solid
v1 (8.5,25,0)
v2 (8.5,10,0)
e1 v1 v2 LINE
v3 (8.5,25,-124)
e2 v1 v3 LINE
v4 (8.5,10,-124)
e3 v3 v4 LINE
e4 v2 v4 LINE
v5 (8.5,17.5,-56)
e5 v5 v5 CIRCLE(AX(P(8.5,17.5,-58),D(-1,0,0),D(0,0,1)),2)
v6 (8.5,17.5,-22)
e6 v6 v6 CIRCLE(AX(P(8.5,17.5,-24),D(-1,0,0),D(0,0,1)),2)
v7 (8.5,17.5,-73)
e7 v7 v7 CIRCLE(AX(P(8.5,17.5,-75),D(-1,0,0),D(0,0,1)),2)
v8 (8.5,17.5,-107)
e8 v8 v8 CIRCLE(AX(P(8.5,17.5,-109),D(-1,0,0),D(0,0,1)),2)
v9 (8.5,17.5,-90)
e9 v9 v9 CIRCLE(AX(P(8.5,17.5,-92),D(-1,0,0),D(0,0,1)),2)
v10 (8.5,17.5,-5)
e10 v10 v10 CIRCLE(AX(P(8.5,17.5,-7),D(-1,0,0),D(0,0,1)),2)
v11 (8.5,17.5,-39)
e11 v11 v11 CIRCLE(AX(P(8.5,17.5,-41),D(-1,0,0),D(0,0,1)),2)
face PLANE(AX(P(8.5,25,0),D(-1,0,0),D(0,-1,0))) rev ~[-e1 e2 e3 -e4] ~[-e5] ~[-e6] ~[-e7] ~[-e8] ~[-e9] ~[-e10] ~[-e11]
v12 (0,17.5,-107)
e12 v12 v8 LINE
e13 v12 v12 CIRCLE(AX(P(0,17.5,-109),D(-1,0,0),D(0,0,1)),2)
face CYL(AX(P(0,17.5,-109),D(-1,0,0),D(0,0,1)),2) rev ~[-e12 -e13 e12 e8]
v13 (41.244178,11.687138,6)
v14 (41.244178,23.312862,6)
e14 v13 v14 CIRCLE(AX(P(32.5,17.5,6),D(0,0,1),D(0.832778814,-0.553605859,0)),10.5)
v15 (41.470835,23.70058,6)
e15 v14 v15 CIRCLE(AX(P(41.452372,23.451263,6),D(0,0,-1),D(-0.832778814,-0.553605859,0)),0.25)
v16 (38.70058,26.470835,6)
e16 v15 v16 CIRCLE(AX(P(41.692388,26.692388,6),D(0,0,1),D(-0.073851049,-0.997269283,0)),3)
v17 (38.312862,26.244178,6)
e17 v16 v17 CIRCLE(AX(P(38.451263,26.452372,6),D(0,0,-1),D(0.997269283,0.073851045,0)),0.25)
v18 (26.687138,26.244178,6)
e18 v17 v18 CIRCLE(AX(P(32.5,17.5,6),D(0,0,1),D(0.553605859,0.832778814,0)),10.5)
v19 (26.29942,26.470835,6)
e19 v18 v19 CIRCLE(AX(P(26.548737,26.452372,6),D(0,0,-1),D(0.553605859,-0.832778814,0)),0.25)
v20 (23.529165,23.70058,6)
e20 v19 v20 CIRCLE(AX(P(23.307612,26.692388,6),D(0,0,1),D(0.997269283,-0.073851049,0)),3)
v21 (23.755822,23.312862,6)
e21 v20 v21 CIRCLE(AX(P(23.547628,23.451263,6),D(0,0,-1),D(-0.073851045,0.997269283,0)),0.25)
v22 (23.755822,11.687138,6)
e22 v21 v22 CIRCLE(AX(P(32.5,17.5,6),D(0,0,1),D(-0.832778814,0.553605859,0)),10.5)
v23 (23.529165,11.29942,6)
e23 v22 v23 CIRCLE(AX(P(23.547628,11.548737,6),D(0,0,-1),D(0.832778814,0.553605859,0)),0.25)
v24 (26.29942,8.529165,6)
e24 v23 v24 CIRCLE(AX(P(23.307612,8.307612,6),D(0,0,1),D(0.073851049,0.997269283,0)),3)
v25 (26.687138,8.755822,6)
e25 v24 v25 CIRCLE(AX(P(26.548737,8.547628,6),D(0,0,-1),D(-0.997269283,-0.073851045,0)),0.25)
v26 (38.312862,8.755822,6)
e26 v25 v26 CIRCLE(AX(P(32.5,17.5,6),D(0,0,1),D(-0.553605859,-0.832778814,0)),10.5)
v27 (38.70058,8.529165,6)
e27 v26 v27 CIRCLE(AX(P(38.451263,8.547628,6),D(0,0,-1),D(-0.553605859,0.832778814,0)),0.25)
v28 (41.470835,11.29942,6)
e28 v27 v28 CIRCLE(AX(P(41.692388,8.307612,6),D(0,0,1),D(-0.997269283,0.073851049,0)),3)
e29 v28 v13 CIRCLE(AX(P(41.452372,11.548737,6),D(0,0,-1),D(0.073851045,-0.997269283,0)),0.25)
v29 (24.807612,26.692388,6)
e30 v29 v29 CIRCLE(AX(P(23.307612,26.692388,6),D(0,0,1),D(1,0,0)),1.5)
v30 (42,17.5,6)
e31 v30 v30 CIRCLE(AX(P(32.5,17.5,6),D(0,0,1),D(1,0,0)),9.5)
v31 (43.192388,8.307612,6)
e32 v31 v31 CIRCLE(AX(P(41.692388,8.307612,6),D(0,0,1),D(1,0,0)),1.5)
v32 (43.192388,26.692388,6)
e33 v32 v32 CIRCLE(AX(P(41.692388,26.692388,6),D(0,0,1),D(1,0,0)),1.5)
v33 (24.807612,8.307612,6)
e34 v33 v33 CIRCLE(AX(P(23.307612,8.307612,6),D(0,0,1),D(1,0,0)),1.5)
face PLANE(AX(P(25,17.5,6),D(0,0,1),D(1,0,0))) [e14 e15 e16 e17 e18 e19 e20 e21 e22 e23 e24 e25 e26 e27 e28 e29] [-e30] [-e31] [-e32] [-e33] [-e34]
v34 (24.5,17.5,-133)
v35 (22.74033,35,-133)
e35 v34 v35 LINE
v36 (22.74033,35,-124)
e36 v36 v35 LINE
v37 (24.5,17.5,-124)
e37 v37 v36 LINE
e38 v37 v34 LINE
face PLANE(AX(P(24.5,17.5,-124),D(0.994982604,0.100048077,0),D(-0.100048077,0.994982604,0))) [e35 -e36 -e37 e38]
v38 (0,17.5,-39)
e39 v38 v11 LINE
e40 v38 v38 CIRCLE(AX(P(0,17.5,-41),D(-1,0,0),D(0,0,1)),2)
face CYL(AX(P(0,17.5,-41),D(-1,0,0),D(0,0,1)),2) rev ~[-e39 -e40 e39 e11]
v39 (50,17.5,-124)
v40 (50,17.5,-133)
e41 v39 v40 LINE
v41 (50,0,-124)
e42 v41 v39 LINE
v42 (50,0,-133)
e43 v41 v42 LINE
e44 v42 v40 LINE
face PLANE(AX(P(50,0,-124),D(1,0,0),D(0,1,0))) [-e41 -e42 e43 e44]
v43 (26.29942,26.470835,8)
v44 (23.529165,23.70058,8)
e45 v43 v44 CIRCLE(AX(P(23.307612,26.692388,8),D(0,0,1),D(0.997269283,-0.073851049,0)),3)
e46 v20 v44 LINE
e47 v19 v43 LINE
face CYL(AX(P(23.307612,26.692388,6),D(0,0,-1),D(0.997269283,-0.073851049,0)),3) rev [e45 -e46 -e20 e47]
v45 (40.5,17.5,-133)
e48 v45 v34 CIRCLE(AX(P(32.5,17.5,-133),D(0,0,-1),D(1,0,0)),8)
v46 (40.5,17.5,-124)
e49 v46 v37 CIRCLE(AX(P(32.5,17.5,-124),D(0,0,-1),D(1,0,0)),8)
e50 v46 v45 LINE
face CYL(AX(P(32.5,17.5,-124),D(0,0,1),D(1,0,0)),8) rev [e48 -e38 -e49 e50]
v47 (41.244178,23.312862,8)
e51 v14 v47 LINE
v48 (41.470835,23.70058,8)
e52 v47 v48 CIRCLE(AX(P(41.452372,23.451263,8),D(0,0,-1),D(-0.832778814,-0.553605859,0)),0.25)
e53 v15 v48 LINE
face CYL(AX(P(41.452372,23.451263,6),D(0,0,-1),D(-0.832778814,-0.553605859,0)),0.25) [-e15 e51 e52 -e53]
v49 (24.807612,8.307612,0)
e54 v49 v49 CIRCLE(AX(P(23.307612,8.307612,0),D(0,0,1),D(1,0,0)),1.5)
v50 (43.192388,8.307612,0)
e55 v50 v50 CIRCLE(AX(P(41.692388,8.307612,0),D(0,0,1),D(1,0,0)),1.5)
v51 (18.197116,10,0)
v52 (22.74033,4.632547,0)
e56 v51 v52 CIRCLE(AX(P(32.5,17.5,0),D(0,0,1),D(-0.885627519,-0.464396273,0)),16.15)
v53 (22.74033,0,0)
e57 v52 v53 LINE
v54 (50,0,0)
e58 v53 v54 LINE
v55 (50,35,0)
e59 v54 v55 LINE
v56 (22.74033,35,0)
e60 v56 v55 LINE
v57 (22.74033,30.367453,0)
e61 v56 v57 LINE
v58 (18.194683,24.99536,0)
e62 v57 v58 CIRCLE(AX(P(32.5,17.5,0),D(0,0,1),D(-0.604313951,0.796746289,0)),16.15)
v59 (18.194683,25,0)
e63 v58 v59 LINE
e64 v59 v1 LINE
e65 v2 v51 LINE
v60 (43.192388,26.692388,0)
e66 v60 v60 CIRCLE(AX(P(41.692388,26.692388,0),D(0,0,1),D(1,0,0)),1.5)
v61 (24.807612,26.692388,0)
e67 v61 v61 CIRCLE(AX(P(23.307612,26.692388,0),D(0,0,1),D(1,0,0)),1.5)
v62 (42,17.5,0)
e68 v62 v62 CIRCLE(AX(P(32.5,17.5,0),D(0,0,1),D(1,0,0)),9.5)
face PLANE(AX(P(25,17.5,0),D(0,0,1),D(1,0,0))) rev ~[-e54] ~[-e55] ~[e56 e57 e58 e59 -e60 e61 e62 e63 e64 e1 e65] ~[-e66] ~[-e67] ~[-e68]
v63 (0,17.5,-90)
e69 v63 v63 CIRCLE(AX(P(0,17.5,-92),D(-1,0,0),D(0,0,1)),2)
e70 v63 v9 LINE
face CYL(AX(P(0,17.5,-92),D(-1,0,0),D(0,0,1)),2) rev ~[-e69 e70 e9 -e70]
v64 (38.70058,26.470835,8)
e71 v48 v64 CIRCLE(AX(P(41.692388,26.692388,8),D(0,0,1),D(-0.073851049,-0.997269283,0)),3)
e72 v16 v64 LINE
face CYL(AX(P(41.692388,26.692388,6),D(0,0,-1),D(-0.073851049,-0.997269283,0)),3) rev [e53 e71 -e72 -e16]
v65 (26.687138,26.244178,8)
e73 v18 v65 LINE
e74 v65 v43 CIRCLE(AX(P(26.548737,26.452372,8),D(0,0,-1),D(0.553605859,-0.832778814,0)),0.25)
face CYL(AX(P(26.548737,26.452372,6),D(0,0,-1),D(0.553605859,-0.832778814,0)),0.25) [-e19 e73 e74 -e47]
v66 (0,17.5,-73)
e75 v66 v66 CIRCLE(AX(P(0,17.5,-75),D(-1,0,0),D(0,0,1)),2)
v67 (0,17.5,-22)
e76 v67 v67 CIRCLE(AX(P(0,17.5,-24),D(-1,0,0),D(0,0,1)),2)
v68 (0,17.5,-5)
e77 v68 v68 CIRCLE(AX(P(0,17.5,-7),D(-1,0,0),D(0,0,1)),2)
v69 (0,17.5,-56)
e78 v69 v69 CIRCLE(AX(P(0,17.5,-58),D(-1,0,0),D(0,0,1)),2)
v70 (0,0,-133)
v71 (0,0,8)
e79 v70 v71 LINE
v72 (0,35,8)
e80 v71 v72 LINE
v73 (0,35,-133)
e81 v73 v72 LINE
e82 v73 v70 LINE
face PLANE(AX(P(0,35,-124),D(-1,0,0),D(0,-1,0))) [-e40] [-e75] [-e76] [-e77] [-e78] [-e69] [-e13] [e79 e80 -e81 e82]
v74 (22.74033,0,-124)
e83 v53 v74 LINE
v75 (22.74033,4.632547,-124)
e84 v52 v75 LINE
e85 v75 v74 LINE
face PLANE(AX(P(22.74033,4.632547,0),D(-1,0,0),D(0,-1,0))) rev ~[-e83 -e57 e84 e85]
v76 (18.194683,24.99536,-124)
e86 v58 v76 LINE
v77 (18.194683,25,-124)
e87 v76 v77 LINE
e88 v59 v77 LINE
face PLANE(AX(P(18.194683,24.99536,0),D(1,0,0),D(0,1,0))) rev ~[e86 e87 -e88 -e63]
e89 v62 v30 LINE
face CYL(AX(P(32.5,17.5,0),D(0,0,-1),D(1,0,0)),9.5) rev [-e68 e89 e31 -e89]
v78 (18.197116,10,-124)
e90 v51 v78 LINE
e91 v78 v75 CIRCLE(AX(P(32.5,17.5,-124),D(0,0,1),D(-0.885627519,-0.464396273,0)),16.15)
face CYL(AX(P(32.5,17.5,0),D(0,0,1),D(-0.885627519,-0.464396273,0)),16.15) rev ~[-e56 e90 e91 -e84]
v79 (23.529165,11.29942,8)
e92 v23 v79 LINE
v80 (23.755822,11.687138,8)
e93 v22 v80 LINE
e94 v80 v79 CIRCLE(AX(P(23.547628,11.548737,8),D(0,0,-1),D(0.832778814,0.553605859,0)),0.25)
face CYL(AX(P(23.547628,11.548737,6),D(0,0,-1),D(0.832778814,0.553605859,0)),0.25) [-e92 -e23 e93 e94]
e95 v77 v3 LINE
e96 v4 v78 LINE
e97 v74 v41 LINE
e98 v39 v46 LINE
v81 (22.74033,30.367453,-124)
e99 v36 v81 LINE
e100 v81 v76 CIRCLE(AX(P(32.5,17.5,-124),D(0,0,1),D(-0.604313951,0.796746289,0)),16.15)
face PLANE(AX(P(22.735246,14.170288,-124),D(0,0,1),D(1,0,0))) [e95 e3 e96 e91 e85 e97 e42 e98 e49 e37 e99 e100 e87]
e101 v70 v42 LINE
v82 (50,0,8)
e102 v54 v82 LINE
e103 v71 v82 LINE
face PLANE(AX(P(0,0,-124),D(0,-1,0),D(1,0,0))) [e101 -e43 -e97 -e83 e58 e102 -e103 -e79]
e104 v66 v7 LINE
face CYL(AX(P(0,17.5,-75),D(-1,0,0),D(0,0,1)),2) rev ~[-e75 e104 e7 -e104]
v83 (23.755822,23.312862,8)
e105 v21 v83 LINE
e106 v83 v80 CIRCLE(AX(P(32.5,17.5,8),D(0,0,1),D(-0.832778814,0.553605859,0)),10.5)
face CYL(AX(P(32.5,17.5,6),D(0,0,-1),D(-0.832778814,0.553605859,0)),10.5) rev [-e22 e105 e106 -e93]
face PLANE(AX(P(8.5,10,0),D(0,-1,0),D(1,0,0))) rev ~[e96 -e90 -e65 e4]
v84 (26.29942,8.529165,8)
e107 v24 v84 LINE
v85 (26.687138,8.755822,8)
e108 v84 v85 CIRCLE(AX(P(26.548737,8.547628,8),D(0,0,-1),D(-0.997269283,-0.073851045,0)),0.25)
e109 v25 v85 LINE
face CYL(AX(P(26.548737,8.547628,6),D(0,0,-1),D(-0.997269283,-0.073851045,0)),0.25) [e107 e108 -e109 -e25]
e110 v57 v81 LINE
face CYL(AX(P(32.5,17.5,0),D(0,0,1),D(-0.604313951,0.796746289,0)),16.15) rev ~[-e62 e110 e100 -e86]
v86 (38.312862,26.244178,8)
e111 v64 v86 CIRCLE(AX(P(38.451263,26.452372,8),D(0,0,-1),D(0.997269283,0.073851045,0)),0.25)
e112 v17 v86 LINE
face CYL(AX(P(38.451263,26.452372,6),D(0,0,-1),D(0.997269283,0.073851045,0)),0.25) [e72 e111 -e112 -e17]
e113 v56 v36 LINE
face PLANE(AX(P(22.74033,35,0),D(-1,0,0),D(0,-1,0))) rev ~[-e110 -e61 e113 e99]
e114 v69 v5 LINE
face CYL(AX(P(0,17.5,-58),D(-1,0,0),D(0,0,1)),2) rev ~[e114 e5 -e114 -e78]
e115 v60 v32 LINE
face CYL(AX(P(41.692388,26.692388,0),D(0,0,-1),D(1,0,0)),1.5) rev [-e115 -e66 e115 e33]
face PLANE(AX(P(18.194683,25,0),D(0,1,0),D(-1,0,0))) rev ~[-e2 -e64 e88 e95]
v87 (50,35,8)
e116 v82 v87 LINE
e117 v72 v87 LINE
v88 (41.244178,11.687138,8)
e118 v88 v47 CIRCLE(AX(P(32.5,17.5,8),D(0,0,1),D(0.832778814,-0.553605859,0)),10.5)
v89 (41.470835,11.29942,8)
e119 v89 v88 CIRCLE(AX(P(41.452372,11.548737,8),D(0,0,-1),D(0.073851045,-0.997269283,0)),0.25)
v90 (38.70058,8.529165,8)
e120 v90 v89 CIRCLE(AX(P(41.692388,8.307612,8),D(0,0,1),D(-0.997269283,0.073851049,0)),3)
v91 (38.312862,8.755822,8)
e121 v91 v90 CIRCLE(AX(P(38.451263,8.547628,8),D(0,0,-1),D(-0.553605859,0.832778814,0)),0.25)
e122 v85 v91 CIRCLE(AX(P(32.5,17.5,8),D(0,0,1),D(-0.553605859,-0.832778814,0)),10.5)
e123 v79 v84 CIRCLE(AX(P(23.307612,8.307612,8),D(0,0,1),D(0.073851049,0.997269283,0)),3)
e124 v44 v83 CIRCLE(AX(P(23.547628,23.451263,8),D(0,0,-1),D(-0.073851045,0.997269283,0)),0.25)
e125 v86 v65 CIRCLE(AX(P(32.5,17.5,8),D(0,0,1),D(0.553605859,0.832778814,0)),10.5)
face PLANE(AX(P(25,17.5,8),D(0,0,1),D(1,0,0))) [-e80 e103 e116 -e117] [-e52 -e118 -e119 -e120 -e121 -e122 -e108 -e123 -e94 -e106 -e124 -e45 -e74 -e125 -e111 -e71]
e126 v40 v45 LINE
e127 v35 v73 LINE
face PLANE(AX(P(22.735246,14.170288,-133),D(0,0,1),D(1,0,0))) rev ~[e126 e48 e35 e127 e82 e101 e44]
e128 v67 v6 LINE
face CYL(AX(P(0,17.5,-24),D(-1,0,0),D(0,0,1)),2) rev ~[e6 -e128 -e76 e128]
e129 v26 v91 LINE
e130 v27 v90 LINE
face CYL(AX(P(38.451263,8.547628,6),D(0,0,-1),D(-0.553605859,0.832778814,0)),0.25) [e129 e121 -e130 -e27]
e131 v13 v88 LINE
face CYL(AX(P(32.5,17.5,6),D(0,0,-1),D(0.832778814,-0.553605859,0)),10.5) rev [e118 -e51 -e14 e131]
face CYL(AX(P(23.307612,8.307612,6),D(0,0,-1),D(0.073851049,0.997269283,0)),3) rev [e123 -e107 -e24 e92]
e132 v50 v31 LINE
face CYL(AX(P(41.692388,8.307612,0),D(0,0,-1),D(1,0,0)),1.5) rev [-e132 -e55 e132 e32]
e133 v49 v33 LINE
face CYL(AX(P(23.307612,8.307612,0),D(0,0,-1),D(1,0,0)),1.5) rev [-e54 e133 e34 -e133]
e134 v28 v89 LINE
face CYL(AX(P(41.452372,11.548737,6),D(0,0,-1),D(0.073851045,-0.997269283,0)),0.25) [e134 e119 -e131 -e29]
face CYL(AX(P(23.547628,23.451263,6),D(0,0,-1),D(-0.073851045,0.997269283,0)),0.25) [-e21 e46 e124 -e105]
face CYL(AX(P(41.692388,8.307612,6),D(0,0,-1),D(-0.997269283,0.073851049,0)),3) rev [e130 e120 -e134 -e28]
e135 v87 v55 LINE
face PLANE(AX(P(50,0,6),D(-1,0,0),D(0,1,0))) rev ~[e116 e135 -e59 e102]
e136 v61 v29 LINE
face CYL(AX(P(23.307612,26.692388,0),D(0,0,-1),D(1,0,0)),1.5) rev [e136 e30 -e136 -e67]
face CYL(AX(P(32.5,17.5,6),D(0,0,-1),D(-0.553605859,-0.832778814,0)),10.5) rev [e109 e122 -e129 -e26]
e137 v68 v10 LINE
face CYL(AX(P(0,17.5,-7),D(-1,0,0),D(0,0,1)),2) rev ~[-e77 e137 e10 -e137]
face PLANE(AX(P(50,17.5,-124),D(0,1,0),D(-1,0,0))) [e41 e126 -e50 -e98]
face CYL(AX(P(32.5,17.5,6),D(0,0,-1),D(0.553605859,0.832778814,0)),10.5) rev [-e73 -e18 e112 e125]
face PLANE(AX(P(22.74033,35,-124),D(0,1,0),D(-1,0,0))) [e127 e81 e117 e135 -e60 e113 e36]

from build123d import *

# Parameters (mm, degrees)
SKETCH1_W           = 50
SKETCH1_H           = 35
SKETCH1_R           = 9.5
SKETCH1_R_2         = 1.5
BOSS_EXTRUDE3_DEPTH = 6
SKETCH4_W           = 50
SKETCH4_H           = 35
BOSS_EXTRUDE5_DEPTH = 2
BOSS_EXTRUDE6_DEPTH = 124
SKETCH9_R           = 2
CUT_EXTRUDE1_DEPTH  = 115
BOSS_EXTRUDE7_DEPTH = 9


with BuildPart() as part:
    # Sketch1 → Boss-Extrude3 (new body)
    with BuildSketch(Plane.XY):
        with Locations((25, 17.5)):
            Rectangle(SKETCH1_W, SKETCH1_H)
        with Locations((32.5, 17.5)):
            Circle(SKETCH1_R, mode=Mode.SUBTRACT)
        with Locations((41.692388155, 26.692388155)):
            Circle(SKETCH1_R_2, mode=Mode.SUBTRACT)
        with Locations((41.692388155, 8.307611845)):
            Circle(SKETCH1_R_2, mode=Mode.SUBTRACT)
        with Locations((23.307611845, 8.307611845)):
            Circle(SKETCH1_R_2, mode=Mode.SUBTRACT)
        with Locations((23.307611845, 26.692388155)):
            Circle(SKETCH1_R_2, mode=Mode.SUBTRACT)
    extrude(amount=BOSS_EXTRUDE3_DEPTH)

    # Sketch4 → Boss-Extrude5 (add)
    with BuildSketch(Plane.XY.offset(6)):
        with Locations((25, 17.5)):
            Rectangle(SKETCH4_W, SKETCH4_H)
        with BuildLine():
            ThreePointArc((26.299419693, 26.47083501), (21.186291501, 28.813708499), (23.52916499, 23.700580307))
            ThreePointArc((23.52916499, 23.700580307), (23.763454109, 23.57743344), (23.755822455, 23.312861521))
            ThreePointArc((23.755822455, 23.312861521), (22, 17.5), (23.755822455, 11.687138479))
            ThreePointArc((23.755822455, 11.687138479), (23.763454109, 11.42256656), (23.52916499, 11.299419693))
            ThreePointArc((23.52916499, 11.299419693), (21.186291501, 6.186291501), (26.299419693, 8.52916499))
            ThreePointArc((26.299419693, 8.52916499), (26.42256656, 8.763454109), (26.687138479, 8.755822455))
            ThreePointArc((26.687138479, 8.755822455), (32.5, 7), (38.312861521, 8.755822455))
            ThreePointArc((38.312861521, 8.755822455), (38.57743344, 8.763454109), (38.700580307, 8.52916499))
            ThreePointArc((38.700580307, 8.52916499), (43.813708499, 6.186291501), (41.47083501, 11.299419693))
            ThreePointArc((41.47083501, 11.299419693), (41.236545891, 11.42256656), (41.244177545, 11.687138479))
            ThreePointArc((41.244177545, 11.687138479), (43, 17.5), (41.244177545, 23.312861521))
            ThreePointArc((41.244177545, 23.312861521), (41.236545891, 23.57743344), (41.47083501, 23.700580307))
            ThreePointArc((41.47083501, 23.700580307), (43.813708499, 28.813708499), (38.700580307, 26.47083501))
            ThreePointArc((38.700580307, 26.47083501), (38.57743344, 26.236545891), (38.312861521, 26.244177545))
            ThreePointArc((38.312861521, 26.244177545), (32.5, 28), (26.687138479, 26.244177545))
            ThreePointArc((26.687138479, 26.244177545), (26.42256656, 26.236545891), (26.299419693, 26.47083501))
        make_face(mode=Mode.SUBTRACT)
    extrude(amount=BOSS_EXTRUDE5_DEPTH)

    # Sketch8 → Boss-Extrude6 (add)
    with BuildSketch(Plane(origin=(0, 0, 0), x_dir=(-1, 0, 0), z_dir=(0, 0, -1))):
        with BuildLine():
            Line((-8.5, 35), (-22.740329685, 35))
            Line((-22.740329685, 35), (-22.740329685, 30.367452558))
            ThreePointArc((-22.740329685, 30.367452558), (-20.171344576, 27.9320063), (-18.194683381, 24.99535966))
            Line((-18.194683381, 24.99535966), (-18.194683381, 25))
            Line((-18.194683381, 25), (-8.5, 25))
            Line((-8.5, 25), (-8.5, 10.000000197))
            Line((-8.5, 10.000000197), (-18.197115572, 10.000000197))
            ThreePointArc((-18.197115572, 10.000000197), (-20.17303677, 7.065994176), (-22.740329685, 4.632547442))
            Line((-22.740329685, 4.632547442), (-22.740329685, 0))
            Line((-22.740329685, 0), (-8.5, 0))
            Line((-8.5, 0), (0, 0))
            Line((0, 0), (0, 10.000000197))
            Line((0, 10.000000197), (0, 25))
            Line((0, 25), (0, 35))
            Line((0, 35), (-8.5, 35))
        make_face()
    extrude(amount=BOSS_EXTRUDE6_DEPTH)

    # Sketch9 → Cut-Extrude1 (cut)
    with BuildSketch(Plane.ZY):
        with Locations((-7, 17.5)):
            Circle(SKETCH9_R)
        with Locations((-24, 17.5)):
            Circle(SKETCH9_R)
        with Locations((-41, 17.5)):
            Circle(SKETCH9_R)
        with Locations((-58, 17.5)):
            Circle(SKETCH9_R)
        with Locations((-75, 17.5)):
            Circle(SKETCH9_R)
        with Locations((-92, 17.5)):
            Circle(SKETCH9_R)
        with Locations((-109, 17.5)):
            Circle(SKETCH9_R)
    extrude(amount=-CUT_EXTRUDE1_DEPTH, mode=Mode.SUBTRACT)

    # Sketch12 → Boss-Extrude7 (add)
    with BuildSketch(Plane(origin=(0, 0, -124), x_dir=(-1, 0, 0), z_dir=(0, 0, -1))):
        with BuildLine():
            Line((-24.5, 17.5), (-22.740329685, 35))
            Line((-22.740329685, 35), (0, 35))
            Line((0, 35), (0, 0))
            Line((0, 0), (-50, 0))
            Line((-50, 0), (-50, 17.5))
            Line((-50, 17.5), (-40.5, 17.5))
            ThreePointArc((-40.5, 17.5), (-32.5, 9.5), (-24.5, 17.5))
        make_face()
    extrude(amount=BOSS_EXTRUDE7_DEPTH)


solid = part.part
